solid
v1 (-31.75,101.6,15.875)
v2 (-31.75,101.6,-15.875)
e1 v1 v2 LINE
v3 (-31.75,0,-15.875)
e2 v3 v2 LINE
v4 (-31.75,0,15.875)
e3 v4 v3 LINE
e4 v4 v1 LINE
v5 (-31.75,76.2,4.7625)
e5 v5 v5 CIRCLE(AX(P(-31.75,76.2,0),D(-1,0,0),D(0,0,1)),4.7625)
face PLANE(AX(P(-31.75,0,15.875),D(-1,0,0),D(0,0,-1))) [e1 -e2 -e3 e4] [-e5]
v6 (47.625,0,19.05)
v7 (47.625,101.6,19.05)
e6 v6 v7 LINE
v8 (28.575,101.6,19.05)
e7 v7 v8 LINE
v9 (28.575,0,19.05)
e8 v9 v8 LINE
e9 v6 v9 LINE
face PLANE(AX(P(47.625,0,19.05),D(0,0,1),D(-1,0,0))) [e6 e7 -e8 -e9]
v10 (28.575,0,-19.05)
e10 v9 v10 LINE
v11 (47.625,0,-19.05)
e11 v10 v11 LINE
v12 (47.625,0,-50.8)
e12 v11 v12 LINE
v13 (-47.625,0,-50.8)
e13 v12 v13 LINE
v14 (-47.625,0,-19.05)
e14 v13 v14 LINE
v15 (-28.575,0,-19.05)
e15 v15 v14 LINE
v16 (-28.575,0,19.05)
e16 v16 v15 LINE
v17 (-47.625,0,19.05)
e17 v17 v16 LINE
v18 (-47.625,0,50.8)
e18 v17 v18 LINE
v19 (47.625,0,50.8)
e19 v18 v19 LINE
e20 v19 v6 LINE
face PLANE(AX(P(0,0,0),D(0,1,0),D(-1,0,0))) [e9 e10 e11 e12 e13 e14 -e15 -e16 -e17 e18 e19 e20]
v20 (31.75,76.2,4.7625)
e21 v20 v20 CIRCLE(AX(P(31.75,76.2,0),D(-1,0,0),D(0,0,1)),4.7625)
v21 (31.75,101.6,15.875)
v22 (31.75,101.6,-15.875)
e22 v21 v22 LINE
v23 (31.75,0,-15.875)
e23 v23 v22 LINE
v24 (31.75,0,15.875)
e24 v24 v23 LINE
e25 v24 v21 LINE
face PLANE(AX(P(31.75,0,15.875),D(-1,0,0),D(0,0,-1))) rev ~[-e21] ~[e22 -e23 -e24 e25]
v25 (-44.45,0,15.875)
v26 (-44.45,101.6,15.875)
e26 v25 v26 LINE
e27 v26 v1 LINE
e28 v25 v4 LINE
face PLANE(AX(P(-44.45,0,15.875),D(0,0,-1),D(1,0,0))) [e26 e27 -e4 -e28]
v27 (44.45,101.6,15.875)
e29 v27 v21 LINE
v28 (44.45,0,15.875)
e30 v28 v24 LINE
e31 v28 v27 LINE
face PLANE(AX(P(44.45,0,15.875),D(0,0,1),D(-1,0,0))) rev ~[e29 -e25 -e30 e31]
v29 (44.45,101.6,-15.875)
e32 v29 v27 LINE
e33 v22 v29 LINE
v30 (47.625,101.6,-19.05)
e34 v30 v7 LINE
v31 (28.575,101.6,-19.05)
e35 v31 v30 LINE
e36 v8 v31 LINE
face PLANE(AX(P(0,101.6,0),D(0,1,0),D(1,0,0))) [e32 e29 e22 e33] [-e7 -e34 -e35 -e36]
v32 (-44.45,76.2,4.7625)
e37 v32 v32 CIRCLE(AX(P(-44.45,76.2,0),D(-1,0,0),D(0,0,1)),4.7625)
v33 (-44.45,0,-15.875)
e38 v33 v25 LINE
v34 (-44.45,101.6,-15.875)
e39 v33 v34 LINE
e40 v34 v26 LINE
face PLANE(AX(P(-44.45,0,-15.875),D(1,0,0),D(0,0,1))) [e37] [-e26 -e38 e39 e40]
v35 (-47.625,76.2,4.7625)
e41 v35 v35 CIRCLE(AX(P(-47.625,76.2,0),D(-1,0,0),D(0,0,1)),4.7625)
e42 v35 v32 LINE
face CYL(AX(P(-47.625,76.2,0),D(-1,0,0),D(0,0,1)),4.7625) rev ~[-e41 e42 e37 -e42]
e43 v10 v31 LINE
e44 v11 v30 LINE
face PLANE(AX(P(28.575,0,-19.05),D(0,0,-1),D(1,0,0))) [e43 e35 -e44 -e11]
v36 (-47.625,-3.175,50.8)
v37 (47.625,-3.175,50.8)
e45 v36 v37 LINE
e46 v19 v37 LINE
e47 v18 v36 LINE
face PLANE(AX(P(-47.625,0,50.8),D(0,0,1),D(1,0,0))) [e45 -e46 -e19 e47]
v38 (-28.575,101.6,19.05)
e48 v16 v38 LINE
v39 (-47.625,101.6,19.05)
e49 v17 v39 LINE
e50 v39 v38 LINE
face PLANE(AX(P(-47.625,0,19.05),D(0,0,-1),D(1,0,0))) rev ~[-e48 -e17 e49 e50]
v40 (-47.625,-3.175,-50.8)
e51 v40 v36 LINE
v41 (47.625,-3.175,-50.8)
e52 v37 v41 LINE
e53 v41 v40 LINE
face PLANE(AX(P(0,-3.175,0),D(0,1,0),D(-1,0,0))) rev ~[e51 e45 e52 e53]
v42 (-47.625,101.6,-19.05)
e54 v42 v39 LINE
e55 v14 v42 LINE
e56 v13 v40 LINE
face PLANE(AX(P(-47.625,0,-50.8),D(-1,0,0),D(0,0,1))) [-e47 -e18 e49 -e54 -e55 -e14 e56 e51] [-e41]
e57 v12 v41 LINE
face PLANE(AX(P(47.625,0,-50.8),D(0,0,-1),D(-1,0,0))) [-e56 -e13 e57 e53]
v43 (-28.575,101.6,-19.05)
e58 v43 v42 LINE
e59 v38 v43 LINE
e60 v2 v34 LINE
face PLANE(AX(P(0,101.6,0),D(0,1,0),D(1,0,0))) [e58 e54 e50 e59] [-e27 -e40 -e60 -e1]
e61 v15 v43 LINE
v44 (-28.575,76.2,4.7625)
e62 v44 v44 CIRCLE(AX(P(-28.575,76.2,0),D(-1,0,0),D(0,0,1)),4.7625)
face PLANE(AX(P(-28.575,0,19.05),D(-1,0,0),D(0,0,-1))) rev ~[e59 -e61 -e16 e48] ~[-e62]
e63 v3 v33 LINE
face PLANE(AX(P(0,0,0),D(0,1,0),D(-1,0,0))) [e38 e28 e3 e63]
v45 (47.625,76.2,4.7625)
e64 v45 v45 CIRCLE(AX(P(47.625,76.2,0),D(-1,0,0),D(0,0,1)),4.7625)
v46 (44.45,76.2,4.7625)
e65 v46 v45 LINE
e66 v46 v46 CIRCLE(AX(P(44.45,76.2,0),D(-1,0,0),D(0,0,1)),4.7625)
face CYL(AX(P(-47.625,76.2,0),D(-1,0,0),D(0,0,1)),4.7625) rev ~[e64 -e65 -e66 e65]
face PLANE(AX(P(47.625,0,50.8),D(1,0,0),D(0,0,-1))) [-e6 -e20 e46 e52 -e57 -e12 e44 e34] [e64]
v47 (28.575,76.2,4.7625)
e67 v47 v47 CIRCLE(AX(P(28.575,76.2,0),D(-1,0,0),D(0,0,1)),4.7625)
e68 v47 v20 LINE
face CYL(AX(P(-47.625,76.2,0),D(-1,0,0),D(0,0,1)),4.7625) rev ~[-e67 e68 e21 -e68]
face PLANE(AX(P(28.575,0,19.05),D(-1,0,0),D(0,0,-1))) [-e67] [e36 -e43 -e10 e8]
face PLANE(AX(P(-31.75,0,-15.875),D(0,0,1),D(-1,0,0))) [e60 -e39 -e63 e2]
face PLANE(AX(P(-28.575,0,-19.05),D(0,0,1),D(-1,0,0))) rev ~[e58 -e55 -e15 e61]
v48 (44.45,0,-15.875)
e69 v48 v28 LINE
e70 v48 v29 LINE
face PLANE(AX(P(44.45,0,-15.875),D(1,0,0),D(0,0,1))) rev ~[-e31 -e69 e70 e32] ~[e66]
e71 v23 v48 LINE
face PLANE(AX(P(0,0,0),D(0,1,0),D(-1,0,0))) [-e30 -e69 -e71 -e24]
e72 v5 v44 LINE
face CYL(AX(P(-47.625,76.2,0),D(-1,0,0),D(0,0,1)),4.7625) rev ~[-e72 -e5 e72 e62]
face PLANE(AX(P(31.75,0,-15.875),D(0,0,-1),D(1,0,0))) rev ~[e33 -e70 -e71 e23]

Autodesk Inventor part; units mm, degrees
ref_plane "XZ Plane" through (0, 0, 0) normal (0, 1, 0) x (-1, 0, 0)
ref_plane "XY Plane" through (0, 0, 0) normal (0, 0, 1) x (1, 0, 0)
sketch "Sketch1" plane through (0, 0, 0) normal (0, 1, 0) x (-1, 0, 0)
  line L0 (47.625, 50.8) -> (-47.625, 50.8)
  line L1 (-47.625, 50.8) -> (-47.625, -50.8)
  line L2 (-47.625, -50.8) -> (47.625, -50.8)
  line L3 (47.625, -50.8) -> (47.625, 50.8)
  line L4 (47.625, 50.8) -> (-47.625, -50.8) construction
  line L5 (-47.625, 50.8) -> (47.625, -50.8) construction
  point P0 (0, 0)
  dimension "d0" = 95.25
  dimension "d1" = 101.6
extrude "Extrusion1" add sketch "Sketch1" against normal blind 3.175
sketch "Sketch2" plane through (0, 0, 0) normal (0, 1, 0) x (1, 0, 0)
  line L0 (-47.625, -19.05) -> (-28.575, -19.05)
  line L1 (-28.575, -19.05) -> (-28.575, 19.05)
  line L2 (-28.575, 19.05) -> (-47.625, 19.05)
  line L3 (-47.625, 19.05) -> (-47.625, -19.05)
  line L4 (-47.625, -19.05) -> (-28.575, 19.05) construction
  line L5 (-28.575, -19.05) -> (-47.625, 19.05) construction
  line L6 (-44.45, -15.875) -> (-31.75, -15.875)
  line L7 (-31.75, -15.875) -> (-31.75, 15.875)
  line L8 (-31.75, 15.875) -> (-44.45, 15.875)
  line L9 (-44.45, 15.875) -> (-44.45, -15.875)
  line L10 (-44.45, -15.875) -> (-31.75, 15.875) construction
  line L11 (-31.75, -15.875) -> (-44.45, 15.875) construction
  line L12 (-47.625, 50.8) -> (47.625, 50.8) construction
  line L13 (0, 50.8) -> (0, -101.6) construction
  line L14 (47.625, -19.05) -> (28.575, -19.05)
  line L15 (28.575, -19.05) -> (28.575, 19.05)
  line L16 (28.575, 19.05) -> (47.625, 19.05)
  line L17 (47.625, 19.05) -> (47.625, -19.05)
  line L18 (44.45, -15.875) -> (31.75, -15.875)
  line L19 (31.75, -15.875) -> (31.75, 15.875)
  line L20 (31.75, 15.875) -> (44.45, 15.875)
  line L21 (44.45, 15.875) -> (44.45, -15.875)
  point P0 (0, 0)
  point P1 (-38.1, 0)
  dimension "d4" = 38.1
  dimension "d5" = 19.05
  dimension "d6" = 38.1
  dimension "d7" = 3.175
  dimension "d8" = 3.175
extrude "Extrusion2" add sketch "Sketch2" along normal blind 101.6
sketch "Sketch4" plane through (-47.625, -3.175, -50.8) normal (-1, 0, 0) x (0, 0, 1)
  line L0 (50.8, 3.175) -> (50.8, 93.283) construction
  circle A0 centre (50.8, 79.375) radius 4.7625
  line L1 (0, 3.175) -> (31.75, 3.175) projected
  dimension "d15" = 9.525
  dimension "d16" = 76.2
extrude "Extrusion4" cut sketch "Sketch4" against normal through all
equation "\"d0\" = BaseWidth"
equation "\"d1\" = BaseLength"
equation "\"d2\" = BaseThickness"
equation "\"d4\" = postCenterDistanceFromCenterOfBase"
equation "\"d5\" = postWidth"
equation "\"d6\" = postLength"
equation "\"d7\" = postThickness"
equation "\"d8\" = postThickness"
equation "\"d9\" = postHeight"
equation "\"d15\" = axelDiam"
equation "\"d16\" = axelHeightAbovePlate"
equation "\"BaseWidth\" = 95.25"
equation "\"BaseLength\" = 101.6"
equation "\"BaseThickness\" = 3.175"
equation "\"postWidth\" = 19.05"
equation "\"postLength\" = 38.1"
equation "\"postThickness\" = 3.175"
equation "\"postCenterDistanceFromCenterOfBase\" = 38.1"
equation "\"axelDiam\" = 9.525"
equation "\"axelHeightAbovePlate\" = 76.2"
equation "\"postHeight\" = 101.6"
properties part number "PostForLift"
